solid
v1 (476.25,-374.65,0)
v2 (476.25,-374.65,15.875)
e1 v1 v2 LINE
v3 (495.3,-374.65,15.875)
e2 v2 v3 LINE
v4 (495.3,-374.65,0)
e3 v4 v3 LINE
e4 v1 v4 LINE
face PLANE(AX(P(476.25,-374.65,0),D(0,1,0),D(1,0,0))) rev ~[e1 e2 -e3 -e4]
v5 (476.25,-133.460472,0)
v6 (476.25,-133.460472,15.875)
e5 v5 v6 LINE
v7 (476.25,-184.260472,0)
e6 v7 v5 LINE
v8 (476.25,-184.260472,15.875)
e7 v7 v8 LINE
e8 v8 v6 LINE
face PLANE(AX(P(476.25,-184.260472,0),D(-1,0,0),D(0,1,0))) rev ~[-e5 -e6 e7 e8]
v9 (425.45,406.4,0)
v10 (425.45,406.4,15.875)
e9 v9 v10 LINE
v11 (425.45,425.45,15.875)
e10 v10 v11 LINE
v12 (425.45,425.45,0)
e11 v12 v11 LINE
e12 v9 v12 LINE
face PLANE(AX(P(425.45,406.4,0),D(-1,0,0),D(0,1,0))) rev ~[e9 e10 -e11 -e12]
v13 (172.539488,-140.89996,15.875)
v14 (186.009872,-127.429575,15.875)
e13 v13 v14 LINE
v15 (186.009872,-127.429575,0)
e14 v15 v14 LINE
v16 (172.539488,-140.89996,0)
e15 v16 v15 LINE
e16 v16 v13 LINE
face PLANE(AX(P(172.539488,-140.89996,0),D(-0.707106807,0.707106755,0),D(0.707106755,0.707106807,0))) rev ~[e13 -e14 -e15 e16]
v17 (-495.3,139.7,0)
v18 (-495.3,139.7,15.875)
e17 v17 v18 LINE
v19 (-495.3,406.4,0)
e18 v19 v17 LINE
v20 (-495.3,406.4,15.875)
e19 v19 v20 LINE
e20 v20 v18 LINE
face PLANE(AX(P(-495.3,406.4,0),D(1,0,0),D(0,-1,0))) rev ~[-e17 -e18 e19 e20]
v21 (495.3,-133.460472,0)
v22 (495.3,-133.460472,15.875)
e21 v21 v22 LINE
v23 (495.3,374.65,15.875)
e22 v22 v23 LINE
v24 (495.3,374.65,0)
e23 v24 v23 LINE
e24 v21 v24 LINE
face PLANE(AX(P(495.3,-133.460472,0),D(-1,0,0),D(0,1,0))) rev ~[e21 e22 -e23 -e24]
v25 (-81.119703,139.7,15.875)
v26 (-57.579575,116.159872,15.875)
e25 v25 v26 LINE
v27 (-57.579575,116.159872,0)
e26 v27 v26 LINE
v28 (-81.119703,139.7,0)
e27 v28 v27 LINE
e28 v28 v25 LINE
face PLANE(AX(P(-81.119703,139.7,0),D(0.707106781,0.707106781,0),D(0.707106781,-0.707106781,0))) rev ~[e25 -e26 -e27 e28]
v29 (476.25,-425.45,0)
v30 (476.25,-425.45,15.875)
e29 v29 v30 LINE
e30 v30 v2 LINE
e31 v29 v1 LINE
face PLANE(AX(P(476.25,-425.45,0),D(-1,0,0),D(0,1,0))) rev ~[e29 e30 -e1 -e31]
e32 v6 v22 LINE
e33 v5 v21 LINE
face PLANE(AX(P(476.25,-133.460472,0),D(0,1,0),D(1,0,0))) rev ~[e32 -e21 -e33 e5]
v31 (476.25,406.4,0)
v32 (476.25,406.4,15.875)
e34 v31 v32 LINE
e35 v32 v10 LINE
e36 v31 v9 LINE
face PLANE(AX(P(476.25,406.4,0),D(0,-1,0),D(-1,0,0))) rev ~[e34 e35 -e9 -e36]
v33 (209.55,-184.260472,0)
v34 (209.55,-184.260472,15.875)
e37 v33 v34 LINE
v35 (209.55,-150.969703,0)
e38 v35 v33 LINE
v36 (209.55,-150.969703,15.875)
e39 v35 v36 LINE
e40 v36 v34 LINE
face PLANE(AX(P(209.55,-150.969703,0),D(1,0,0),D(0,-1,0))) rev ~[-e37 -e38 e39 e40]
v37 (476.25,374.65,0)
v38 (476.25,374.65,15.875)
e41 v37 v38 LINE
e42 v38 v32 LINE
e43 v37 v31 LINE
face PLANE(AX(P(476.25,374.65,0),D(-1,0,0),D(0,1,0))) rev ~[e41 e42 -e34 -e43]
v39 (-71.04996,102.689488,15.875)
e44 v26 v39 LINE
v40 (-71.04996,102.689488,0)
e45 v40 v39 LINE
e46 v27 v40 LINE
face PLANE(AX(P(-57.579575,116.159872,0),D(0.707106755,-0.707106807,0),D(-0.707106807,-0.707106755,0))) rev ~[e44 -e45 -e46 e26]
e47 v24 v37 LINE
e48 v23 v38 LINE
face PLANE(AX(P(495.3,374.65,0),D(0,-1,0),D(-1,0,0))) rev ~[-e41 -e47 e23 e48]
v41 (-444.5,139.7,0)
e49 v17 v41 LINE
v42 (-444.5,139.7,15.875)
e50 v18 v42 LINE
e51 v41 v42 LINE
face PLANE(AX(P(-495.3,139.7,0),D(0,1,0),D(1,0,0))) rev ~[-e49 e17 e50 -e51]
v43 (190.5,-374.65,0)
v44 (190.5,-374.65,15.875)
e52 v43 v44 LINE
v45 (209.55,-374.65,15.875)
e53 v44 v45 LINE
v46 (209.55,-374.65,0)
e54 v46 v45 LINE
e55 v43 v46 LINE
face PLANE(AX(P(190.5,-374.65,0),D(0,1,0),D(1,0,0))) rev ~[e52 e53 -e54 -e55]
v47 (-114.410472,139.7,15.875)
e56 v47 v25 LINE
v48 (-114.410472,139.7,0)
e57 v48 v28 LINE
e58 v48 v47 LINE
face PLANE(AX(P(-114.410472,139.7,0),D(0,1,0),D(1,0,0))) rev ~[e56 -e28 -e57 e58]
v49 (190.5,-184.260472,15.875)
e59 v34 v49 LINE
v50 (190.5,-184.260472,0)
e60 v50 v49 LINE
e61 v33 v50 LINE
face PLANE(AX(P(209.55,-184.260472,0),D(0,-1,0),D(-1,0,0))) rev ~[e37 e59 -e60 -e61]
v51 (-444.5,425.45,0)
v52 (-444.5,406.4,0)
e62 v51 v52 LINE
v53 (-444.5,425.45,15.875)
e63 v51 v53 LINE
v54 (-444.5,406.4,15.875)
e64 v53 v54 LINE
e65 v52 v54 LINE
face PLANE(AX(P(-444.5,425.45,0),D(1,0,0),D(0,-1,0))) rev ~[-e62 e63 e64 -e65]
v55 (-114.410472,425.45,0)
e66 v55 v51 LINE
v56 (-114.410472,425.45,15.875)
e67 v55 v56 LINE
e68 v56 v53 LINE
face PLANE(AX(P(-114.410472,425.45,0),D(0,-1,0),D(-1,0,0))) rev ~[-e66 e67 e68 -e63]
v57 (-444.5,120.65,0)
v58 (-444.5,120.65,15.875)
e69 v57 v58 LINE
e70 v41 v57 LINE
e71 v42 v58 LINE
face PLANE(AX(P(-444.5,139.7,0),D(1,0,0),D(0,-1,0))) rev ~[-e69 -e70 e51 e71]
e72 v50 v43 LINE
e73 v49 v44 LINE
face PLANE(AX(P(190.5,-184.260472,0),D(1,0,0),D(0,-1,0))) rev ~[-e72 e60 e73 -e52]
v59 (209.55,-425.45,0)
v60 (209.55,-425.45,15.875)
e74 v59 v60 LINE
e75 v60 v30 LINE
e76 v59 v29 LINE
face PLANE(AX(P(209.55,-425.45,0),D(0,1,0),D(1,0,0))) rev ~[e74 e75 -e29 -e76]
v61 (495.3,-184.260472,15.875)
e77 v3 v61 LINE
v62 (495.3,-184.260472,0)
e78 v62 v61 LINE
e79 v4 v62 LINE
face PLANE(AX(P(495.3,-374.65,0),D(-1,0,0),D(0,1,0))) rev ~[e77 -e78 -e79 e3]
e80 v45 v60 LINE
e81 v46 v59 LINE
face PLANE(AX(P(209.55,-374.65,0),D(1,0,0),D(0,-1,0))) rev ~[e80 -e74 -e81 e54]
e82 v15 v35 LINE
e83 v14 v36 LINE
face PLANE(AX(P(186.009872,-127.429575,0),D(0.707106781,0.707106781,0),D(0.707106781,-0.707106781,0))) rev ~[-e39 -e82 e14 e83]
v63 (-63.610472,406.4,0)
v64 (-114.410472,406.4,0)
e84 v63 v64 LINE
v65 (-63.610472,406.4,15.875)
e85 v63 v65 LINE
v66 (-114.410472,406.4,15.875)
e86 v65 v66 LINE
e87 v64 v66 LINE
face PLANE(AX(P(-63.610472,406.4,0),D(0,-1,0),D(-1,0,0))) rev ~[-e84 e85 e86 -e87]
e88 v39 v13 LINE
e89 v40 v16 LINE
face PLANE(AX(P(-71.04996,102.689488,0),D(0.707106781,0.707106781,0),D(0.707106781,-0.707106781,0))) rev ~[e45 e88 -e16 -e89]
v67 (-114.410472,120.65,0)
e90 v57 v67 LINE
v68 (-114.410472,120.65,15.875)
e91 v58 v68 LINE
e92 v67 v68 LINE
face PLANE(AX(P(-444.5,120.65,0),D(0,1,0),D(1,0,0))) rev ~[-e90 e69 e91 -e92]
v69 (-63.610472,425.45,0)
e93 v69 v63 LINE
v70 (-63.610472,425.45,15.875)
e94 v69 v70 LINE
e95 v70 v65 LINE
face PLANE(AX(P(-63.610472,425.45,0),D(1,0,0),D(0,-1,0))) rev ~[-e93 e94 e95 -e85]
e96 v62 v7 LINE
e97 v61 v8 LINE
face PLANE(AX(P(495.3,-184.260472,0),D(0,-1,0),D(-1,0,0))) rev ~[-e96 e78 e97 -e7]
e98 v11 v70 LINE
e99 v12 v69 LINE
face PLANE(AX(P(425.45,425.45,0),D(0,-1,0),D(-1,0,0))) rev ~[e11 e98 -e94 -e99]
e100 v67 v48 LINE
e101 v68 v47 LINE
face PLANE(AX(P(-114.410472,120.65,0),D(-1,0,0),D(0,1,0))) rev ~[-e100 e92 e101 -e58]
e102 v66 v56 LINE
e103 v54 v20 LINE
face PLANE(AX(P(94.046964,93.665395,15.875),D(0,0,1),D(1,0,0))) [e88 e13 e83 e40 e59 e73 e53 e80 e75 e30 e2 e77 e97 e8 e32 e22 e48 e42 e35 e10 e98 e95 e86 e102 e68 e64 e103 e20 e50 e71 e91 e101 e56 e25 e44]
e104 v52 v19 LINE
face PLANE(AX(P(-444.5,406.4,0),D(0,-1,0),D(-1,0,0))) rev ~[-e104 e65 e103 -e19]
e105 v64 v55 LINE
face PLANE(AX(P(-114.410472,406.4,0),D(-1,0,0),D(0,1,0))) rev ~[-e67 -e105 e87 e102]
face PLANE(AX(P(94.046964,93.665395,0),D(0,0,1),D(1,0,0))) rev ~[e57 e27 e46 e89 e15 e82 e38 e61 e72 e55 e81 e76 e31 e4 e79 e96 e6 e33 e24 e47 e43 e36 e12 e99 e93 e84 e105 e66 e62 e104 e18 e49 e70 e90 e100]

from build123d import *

# Parameters (mm, degrees)
F1_DEPTH = 15.875


with BuildPart() as f1:
    # F0 (on Top) → F1 (new body)
    with BuildSketch(Plane.XY):
        Polygon((209.55, -374.65), (209.55, -425.45), (476.25, -425.45), (476.25, -374.65), (495.3, -374.65), (495.3, -184.260472), (476.25, -184.260472), (476.25, -133.460472), (495.3, -133.460472), (495.3, 374.65), (476.25, 374.65), (476.25, 406.4), (425.45, 406.4), (425.45, 425.45), (-63.610472, 425.45), (-63.610472, 406.4), (-114.410472, 406.4), (-114.410472, 425.45), (-444.5, 425.45), (-444.5, 406.4), (-495.3, 406.4), (-495.3, 139.7), (-444.5, 139.7), (-444.5, 120.65), (-114.410472, 120.65), (-114.410472, 139.7), (-81.119703, 139.7), (-57.579575, 116.159872), (-71.04996, 102.689488), (172.539488, -140.89996), (186.009872, -127.429575), (209.55, -150.969703), (209.55, -184.260472), (190.5, -184.260472), (190.5, -374.65), align=None)
    extrude(amount=F1_DEPTH)


solid = f1.part
